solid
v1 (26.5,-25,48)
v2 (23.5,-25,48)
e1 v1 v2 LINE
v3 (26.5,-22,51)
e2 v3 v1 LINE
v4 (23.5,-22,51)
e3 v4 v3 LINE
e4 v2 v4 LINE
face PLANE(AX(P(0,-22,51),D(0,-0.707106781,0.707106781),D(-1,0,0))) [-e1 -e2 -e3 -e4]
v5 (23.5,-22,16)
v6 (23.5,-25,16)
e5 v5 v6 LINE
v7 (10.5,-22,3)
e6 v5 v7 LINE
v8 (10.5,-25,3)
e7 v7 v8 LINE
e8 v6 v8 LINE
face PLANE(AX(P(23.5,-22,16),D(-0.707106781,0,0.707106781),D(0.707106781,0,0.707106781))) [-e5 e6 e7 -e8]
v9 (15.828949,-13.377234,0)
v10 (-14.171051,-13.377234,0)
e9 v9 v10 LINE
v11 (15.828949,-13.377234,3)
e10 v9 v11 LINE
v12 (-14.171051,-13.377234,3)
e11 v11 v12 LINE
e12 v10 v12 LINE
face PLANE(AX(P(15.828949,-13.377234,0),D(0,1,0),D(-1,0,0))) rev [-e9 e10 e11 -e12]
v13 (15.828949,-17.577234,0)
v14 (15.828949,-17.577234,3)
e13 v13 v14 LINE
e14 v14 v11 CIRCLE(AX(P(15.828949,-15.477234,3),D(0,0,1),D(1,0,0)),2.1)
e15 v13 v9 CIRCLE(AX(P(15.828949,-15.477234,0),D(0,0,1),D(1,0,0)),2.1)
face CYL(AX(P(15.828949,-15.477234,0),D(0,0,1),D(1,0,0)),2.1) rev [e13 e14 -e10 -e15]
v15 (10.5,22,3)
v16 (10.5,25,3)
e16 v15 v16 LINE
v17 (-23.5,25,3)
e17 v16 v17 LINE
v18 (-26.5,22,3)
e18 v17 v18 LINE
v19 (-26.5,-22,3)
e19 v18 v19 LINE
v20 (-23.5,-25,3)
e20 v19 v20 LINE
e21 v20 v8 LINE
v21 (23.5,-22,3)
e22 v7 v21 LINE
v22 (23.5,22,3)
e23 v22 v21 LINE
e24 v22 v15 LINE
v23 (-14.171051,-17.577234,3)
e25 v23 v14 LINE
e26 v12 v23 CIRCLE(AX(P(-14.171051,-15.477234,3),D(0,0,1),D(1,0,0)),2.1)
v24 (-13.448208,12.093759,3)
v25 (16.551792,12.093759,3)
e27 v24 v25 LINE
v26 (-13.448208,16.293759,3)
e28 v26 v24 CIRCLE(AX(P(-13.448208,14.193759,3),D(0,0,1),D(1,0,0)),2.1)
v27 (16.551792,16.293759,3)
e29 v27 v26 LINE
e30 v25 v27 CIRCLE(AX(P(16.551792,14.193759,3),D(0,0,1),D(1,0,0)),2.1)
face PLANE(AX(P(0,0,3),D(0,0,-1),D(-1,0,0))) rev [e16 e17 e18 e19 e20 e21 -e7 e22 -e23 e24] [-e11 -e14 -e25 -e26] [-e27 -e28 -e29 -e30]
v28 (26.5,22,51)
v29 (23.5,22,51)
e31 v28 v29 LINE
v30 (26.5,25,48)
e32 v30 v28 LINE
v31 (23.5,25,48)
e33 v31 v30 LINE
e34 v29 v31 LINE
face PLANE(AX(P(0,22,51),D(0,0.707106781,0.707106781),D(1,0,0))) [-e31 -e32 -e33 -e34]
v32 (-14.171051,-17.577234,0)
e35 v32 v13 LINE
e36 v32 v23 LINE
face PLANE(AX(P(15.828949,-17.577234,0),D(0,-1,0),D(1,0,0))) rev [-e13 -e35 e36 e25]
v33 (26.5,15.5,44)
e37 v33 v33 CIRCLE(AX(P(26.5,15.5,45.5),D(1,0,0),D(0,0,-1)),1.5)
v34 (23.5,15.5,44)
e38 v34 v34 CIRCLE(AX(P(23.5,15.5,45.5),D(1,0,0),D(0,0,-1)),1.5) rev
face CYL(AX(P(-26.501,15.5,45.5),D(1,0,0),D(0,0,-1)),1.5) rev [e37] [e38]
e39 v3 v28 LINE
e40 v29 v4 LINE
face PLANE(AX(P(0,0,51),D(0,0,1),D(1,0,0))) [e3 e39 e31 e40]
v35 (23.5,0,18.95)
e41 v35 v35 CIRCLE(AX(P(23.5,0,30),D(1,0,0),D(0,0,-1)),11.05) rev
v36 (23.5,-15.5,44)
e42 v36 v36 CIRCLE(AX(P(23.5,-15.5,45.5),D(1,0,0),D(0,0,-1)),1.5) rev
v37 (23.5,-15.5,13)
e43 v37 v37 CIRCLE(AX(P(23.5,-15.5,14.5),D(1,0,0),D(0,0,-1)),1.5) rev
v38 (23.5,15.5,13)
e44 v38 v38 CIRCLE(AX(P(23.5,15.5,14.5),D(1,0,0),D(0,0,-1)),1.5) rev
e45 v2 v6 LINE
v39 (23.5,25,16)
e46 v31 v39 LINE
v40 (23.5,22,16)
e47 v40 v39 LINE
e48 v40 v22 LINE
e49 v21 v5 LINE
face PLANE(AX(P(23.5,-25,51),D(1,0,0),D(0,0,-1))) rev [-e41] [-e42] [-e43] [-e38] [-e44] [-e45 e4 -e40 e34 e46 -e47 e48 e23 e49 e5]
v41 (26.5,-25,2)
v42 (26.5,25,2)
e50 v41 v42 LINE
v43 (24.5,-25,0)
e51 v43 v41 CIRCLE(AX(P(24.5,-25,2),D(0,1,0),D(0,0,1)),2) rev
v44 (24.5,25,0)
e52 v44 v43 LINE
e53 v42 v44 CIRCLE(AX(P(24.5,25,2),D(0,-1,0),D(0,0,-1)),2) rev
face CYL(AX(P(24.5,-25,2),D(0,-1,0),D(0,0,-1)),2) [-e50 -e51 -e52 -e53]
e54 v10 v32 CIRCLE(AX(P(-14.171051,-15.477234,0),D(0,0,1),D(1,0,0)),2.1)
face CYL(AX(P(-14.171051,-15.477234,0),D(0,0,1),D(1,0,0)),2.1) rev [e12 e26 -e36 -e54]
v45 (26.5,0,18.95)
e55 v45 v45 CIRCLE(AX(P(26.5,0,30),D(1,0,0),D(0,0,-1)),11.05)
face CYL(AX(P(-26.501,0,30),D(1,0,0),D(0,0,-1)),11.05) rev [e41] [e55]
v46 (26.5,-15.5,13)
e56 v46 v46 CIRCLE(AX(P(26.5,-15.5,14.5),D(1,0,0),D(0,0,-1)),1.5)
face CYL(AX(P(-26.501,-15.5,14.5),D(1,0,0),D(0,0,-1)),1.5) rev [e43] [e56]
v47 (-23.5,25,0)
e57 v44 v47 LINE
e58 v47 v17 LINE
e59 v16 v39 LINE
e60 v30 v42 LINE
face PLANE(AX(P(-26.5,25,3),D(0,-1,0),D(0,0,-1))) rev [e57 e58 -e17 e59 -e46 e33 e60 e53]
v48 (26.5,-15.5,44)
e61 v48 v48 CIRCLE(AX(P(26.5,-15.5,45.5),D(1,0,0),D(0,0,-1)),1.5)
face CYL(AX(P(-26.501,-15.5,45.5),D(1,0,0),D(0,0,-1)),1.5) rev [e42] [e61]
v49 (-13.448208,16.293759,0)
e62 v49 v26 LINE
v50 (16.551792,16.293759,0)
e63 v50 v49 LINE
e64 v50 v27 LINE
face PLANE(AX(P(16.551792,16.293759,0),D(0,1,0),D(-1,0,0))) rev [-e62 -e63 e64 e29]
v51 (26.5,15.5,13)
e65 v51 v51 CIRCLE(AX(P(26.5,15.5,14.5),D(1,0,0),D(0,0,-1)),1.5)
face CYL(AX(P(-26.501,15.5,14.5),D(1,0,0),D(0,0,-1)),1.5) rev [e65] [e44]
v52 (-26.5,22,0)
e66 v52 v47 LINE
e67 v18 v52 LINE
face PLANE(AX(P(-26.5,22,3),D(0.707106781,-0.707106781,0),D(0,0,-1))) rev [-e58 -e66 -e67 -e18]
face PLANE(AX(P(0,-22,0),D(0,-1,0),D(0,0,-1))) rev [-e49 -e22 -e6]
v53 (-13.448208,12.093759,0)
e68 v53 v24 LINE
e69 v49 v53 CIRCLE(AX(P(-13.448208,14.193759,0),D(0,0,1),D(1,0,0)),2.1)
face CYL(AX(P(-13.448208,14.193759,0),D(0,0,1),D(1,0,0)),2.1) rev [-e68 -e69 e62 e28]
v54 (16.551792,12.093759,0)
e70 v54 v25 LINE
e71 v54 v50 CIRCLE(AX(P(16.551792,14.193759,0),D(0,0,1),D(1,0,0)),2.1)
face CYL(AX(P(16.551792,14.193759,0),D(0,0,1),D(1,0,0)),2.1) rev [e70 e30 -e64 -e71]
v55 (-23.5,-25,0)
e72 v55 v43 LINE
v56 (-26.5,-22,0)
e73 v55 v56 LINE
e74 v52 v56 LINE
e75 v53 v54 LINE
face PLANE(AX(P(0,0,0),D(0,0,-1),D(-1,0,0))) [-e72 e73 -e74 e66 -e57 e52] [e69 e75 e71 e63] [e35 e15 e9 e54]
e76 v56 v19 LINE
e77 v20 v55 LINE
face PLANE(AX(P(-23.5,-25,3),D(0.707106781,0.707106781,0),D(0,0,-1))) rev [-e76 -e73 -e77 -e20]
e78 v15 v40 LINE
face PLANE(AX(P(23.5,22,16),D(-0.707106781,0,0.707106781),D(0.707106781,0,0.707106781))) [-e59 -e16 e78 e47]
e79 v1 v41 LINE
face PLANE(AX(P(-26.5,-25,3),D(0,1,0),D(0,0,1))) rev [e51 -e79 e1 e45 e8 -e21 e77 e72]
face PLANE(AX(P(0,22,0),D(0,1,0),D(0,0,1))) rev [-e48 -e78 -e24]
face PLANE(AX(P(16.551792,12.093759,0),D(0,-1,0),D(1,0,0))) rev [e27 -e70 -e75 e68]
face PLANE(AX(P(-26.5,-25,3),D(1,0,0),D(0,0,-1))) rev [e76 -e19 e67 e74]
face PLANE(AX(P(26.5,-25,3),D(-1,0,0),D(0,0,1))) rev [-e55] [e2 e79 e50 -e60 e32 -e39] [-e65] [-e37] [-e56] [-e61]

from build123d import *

# Parameters (mm, degrees)
SZKIC5_W                    = 53
SZKIC5_H                    = 50
DODANIE_WYCI_GNI_CIE2_DEPTH = 3
SZKIC6_W                    = 3
SZKIC6_H                    = 50
DODANIE_WYCI_GNI_CIE3_DEPTH = 48
ZAOKR_GLENIE1_R             = 2
SFAZOWANIE2_SIZE            = 3
SFAZOWANIE4_SIZE            = 3
WYTNIJ_WYCI_GNI_CIE2_REACH  = 79.685
SZKIC7_R                    = 11.05
WYTNIJ_WYCI_GNI_CIE3_REACH  = 79.685
SZKIC9_R                    = 1.5
WYTNIJ_WYCI_GNI_CIE4_REACH  = 79.685
SZKIC10_R                   = 1.5
WYTNIJ_WYCI_GNI_CIE5_REACH  = 79.685
SZKIC11_R                   = 1.5
WYTNIJ_WYCI_GNI_CIE6_REACH  = 79.685
SZKIC12_R                   = 1.5
DODANIE_WYCI_GNI_CIE4_DEPTH = 3
DODANIE_WYCI_GNI_CIE5_DEPTH = 3
WYTNIJ_WYCI_GNI_CIE7_DEPTH  = 3


with BuildPart() as part:
    # Szkic5 → Dodanie-wyciągnięcie2 (new body)
    with BuildSketch(Plane.XY):
        Rectangle(SZKIC5_W, SZKIC5_H)
    extrude(amount=DODANIE_WYCI_GNI_CIE2_DEPTH)

    # Szkic6 → Dodanie-wyciągnięcie3 (add)
    with BuildSketch(Plane.XY.offset(3)):
        with Locations((25, 0)):
            Rectangle(SZKIC6_W, SZKIC6_H)
    extrude(amount=DODANIE_WYCI_GNI_CIE3_DEPTH)

    # Zaokrąglenie1
    zaokr_glenie1_edges = [part.edges().sort_by_distance(p)[0] for p in [
        (26.5, 0, 0),
    ]]
    fillet(zaokr_glenie1_edges, radius=ZAOKR_GLENIE1_R)

    # Sfazowanie2
    sfazowanie2_edges = [part.edges().sort_by_distance(p)[0] for p in [
        (25, -25, 51),
        (-26.5, -25, 1.5),
        (-26.5, 25, 1.5),
    ]]
    chamfer(sfazowanie2_edges, length=SFAZOWANIE2_SIZE)

    # Sfazowanie4
    sfazowanie4_edges = [part.edges().sort_by_distance(p)[0] for p in [
        (25, 25, 51),
    ]]
    chamfer(sfazowanie4_edges, length=SFAZOWANIE4_SIZE)

    # Szkic7 → Wytnij-wyciągnięcie2 (cut, up to next)
    with BuildSketch(Plane(origin=(26.5, 0, 0), x_dir=(0, 0, -1), z_dir=(1, 0, 0)), mode=Mode.PRIVATE) as wytnij_wyci_gni_cie2_sk1:
        with Locations((-30, 0)):
            Circle(SZKIC7_R)
    wytnij_wyci_gni_cie2_tool1 = extrude(wytnij_wyci_gni_cie2_sk1.sketch, amount=-WYTNIJ_WYCI_GNI_CIE2_REACH, mode=Mode.PRIVATE) & part.part
    add(wytnij_wyci_gni_cie2_tool1.solids().sort_by_distance((26.5, 0, 30))[0], mode=Mode.SUBTRACT)

    # Szkic9 → Wytnij-wyciągnięcie3 (cut, up to next)
    with BuildSketch(Plane(origin=(26.5, 0, 0), x_dir=(0, 0, -1), z_dir=(1, 0, 0)), mode=Mode.PRIVATE) as wytnij_wyci_gni_cie3_sk1:
        with Locations((-45.5, 15.5)):
            Circle(SZKIC9_R)
    wytnij_wyci_gni_cie3_tool1 = extrude(wytnij_wyci_gni_cie3_sk1.sketch, amount=-WYTNIJ_WYCI_GNI_CIE3_REACH, mode=Mode.PRIVATE) & part.part
    add(wytnij_wyci_gni_cie3_tool1.solids().sort_by_distance((26.5, 15.5, 45.5))[0], mode=Mode.SUBTRACT)

    # Szkic10 → Wytnij-wyciągnięcie4 (cut, up to next)
    with BuildSketch(Plane(origin=(26.5, 0, 0), x_dir=(0, 0, -1), z_dir=(1, 0, 0)), mode=Mode.PRIVATE) as wytnij_wyci_gni_cie4_sk1:
        with Locations((-45.5, -15.5)):
            Circle(SZKIC10_R)
    wytnij_wyci_gni_cie4_tool1 = extrude(wytnij_wyci_gni_cie4_sk1.sketch, amount=-WYTNIJ_WYCI_GNI_CIE4_REACH, mode=Mode.PRIVATE) & part.part
    add(wytnij_wyci_gni_cie4_tool1.solids().sort_by_distance((26.5, -15.5, 45.5))[0], mode=Mode.SUBTRACT)

    # Szkic11 → Wytnij-wyciągnięcie5 (cut, up to next)
    with BuildSketch(Plane(origin=(26.5, 0, 0), x_dir=(0, 0, -1), z_dir=(1, 0, 0)), mode=Mode.PRIVATE) as wytnij_wyci_gni_cie5_sk1:
        with Locations((-14.5, -15.5)):
            Circle(SZKIC11_R)
    wytnij_wyci_gni_cie5_tool1 = extrude(wytnij_wyci_gni_cie5_sk1.sketch, amount=-WYTNIJ_WYCI_GNI_CIE5_REACH, mode=Mode.PRIVATE) & part.part
    add(wytnij_wyci_gni_cie5_tool1.solids().sort_by_distance((26.5, -15.5, 14.5))[0], mode=Mode.SUBTRACT)

    # Szkic12 → Wytnij-wyciągnięcie6 (cut, up to next)
    with BuildSketch(Plane(origin=(26.5, 0, 0), x_dir=(0, 0, -1), z_dir=(1, 0, 0)), mode=Mode.PRIVATE) as wytnij_wyci_gni_cie6_sk1:
        with Locations((-14.5, 15.5)):
            Circle(SZKIC12_R)
    wytnij_wyci_gni_cie6_tool1 = extrude(wytnij_wyci_gni_cie6_sk1.sketch, amount=-WYTNIJ_WYCI_GNI_CIE6_REACH, mode=Mode.PRIVATE) & part.part
    add(wytnij_wyci_gni_cie6_tool1.solids().sort_by_distance((26.5, 15.5, 14.5))[0], mode=Mode.SUBTRACT)

    # Szkic15 → Dodanie-wyciągnięcie4 (add)
    with BuildSketch(Plane(origin=(0, 25, 0), x_dir=(1, 0, 0), z_dir=(0, 1, 0))):
        Polygon((23.5, -16), (10.5, -3), (23.5, -3), align=None)
    extrude(amount=-DODANIE_WYCI_GNI_CIE4_DEPTH)

    # Szkic16 → Dodanie-wyciągnięcie5 (add)
    with BuildSketch(Plane.XZ.offset(25)):
        Polygon((23.5, 3), (23.5, 16), (10.5, 3), align=None)
    extrude(amount=-DODANIE_WYCI_GNI_CIE5_DEPTH)

    # Szkic17 → Wytnij-wyciągnięcie7 (cut)
    with BuildSketch(Plane.XY.offset(3)):
        with BuildLine():
            Line((16.551792378, 12.093759381), (-13.448207622, 12.093759381))
            ThreePointArc((-13.448207622, 12.093759381), (-15.548207622, 14.193759381), (-13.448207622, 16.293759381))
            Line((-13.448207622, 16.293759381), (16.551792378, 16.293759381))
            ThreePointArc((16.551792378, 16.293759381), (18.651792378, 14.193759381), (16.551792378, 12.093759381))
        make_face()
        with BuildLine():
            Line((15.82894882, -17.577234295), (-14.17105118, -17.577234295))
            ThreePointArc((-14.17105118, -17.577234295), (-16.27105118, -15.477234295), (-14.17105118, -13.377234295))
            Line((-14.17105118, -13.377234295), (15.82894882, -13.377234295))
            ThreePointArc((15.82894882, -13.377234295), (17.92894882, -15.477234295), (15.82894882, -17.577234295))
        make_face()
    extrude(amount=-WYTNIJ_WYCI_GNI_CIE7_DEPTH, mode=Mode.SUBTRACT)


solid = part.part
